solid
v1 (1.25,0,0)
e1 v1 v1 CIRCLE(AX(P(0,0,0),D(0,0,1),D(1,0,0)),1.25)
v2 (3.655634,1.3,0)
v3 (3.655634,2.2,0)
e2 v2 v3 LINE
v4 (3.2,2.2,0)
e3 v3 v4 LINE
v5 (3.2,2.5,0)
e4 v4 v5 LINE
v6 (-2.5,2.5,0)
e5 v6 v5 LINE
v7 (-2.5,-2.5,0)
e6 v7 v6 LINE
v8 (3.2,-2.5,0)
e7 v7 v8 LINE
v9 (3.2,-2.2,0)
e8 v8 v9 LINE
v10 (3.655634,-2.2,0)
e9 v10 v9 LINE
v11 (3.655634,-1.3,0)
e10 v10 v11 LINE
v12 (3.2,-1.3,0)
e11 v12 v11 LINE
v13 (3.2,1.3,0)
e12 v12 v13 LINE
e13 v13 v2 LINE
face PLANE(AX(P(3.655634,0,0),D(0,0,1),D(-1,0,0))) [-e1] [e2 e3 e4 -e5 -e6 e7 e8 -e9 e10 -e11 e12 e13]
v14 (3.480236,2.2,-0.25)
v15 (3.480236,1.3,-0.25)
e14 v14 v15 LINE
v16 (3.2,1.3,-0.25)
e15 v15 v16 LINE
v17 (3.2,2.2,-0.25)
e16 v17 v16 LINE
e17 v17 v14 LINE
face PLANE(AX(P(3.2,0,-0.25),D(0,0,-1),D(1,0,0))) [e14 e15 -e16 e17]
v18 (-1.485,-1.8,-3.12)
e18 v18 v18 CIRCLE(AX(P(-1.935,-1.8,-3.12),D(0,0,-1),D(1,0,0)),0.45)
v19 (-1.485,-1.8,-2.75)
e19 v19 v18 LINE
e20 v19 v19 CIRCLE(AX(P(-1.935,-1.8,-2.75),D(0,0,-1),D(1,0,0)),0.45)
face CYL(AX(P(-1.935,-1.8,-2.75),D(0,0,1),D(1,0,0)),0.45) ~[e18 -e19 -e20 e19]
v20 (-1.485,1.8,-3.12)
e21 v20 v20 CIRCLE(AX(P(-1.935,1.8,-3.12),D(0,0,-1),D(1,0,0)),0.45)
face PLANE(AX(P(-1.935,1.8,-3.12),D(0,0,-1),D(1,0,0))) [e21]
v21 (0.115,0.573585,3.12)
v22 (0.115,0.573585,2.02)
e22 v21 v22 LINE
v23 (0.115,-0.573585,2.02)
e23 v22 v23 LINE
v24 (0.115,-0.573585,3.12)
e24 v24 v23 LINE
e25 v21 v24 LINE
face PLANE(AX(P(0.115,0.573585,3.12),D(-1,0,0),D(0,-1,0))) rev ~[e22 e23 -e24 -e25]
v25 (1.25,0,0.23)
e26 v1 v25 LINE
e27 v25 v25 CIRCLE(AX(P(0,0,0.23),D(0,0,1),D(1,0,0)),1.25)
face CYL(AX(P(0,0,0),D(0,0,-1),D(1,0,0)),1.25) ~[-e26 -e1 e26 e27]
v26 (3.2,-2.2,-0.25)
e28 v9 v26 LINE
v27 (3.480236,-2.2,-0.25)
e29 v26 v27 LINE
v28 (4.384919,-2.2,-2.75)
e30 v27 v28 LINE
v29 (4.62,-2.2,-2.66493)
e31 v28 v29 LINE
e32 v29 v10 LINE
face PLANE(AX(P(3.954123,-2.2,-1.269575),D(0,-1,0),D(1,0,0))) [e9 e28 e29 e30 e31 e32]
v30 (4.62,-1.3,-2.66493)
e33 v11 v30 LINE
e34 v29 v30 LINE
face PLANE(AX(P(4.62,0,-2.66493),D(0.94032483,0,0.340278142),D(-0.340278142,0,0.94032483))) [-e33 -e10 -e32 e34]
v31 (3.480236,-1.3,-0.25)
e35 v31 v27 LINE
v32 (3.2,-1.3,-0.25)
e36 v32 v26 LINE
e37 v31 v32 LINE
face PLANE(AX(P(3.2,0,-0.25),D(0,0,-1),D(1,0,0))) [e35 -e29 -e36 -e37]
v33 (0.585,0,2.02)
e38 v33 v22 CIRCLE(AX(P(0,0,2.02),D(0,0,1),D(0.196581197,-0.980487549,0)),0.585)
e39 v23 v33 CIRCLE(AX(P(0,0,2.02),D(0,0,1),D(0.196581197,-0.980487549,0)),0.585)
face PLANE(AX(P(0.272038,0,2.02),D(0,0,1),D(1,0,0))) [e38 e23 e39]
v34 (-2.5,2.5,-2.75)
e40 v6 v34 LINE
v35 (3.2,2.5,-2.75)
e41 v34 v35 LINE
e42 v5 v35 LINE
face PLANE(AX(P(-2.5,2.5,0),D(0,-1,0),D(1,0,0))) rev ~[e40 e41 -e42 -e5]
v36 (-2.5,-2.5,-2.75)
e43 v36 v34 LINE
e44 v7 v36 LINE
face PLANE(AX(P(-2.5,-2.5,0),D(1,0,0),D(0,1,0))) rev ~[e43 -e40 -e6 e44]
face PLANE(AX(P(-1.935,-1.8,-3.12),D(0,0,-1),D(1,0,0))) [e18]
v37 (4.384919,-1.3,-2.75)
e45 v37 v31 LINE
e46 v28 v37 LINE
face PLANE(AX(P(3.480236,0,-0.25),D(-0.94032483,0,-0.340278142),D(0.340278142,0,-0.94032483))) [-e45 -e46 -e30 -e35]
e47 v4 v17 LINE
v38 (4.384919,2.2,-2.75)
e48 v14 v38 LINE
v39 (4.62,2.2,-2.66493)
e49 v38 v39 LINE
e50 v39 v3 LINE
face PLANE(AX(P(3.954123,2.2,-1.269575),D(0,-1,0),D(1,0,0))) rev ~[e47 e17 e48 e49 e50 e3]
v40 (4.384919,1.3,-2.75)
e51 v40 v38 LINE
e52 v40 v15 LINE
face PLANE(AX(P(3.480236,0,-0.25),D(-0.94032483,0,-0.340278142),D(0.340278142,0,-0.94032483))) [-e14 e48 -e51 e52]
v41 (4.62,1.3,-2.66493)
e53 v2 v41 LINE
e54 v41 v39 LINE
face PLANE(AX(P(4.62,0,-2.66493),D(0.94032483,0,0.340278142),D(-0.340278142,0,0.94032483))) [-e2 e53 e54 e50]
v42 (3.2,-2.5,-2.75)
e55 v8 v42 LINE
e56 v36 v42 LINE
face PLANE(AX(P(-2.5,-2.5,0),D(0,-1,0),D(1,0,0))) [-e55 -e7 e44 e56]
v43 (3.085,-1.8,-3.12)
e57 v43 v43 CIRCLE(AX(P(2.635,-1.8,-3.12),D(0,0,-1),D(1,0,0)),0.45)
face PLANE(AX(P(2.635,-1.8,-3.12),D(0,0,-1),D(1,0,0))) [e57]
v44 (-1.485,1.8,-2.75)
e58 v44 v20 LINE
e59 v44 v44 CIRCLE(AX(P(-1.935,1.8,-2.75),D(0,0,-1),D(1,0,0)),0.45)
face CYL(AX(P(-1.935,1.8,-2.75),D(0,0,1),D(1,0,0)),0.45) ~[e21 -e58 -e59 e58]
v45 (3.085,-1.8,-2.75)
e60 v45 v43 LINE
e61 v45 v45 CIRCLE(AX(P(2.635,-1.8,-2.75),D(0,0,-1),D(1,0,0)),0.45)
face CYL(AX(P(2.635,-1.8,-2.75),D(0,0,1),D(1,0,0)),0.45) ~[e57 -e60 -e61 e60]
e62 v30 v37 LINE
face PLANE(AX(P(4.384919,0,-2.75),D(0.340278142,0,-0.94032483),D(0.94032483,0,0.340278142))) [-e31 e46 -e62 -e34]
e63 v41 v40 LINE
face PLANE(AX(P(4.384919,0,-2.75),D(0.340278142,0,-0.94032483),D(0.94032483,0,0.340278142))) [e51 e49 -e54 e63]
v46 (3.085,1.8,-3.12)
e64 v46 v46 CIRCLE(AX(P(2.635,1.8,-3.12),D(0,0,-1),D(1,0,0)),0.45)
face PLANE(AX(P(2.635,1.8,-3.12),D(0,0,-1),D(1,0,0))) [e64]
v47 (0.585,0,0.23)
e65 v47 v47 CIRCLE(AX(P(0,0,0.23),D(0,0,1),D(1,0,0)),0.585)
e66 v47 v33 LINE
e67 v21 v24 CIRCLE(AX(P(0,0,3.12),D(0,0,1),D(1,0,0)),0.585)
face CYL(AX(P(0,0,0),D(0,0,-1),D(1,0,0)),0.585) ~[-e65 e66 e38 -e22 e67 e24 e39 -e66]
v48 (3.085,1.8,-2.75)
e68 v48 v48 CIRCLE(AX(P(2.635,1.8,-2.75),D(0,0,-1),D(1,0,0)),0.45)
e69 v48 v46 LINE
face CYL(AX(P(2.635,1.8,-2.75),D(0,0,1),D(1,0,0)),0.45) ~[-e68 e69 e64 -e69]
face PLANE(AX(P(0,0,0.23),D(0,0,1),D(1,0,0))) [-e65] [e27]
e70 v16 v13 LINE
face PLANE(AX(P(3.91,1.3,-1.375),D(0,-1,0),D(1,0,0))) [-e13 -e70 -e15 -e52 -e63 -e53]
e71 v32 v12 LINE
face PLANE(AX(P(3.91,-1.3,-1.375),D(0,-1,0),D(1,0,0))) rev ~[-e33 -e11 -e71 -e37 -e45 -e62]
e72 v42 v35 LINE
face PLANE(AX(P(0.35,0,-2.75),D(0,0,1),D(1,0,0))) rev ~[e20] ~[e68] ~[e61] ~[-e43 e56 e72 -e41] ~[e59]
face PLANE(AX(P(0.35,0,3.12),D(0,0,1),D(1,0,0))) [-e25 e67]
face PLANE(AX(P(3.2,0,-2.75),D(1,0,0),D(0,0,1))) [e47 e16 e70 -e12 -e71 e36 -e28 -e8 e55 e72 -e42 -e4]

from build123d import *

# Parameters (mm, degrees)
F0_W           = 5.7
F0_H           = 5
F1_DEPTH       = 2.75
F2_R           = 1.25
F2_R_2         = 0.585
F3_DEPTH       = 0.23
F4_DEPTH       = 3.12
F6_DEPTH       = 1.1
F7_R           = 0.45
F8_DEPTH       = 0.37
F10_DEPTH      = 2.2
F10_DEPTH_BACK = 2.2
F11_W          = 1.42
F11_H          = 2.75
F12_DEPTH      = 1.3
F12_DEPTH_BACK = 1.3


with BuildPart() as f1:
    # F0 (on Top) → F1 (new body)
    with BuildSketch(Plane.XY):
        with Locations((0.35, 0)):
            Rectangle(F0_W, F0_H)
    extrude(amount=-F1_DEPTH)

    # F2 (on face) → F3 (join)
    with BuildSketch(Plane.XY):
        Circle(F2_R)
        Circle(F2_R_2, mode=Mode.SUBTRACT)
    extrude(amount=F3_DEPTH)

    # F4 (add): a face of the model
    f4_faces = [f1.faces().sort_by_distance(p)[0] for p in [
        (0, 0, 0),
    ]]
    extrude(f4_faces, amount=F4_DEPTH)

    # F5 (on face) → F6 (cut)
    with BuildSketch(Plane.XY.offset(3.12)):
        with BuildLine():
            ThreePointArc((0.115, -0.573585216), (0.585, 0), (0.115, 0.573585216))
            Line((0.115, 0.573585216), (0.115, -0.573585216))
        make_face()
    extrude(amount=-F6_DEPTH, mode=Mode.SUBTRACT)

    # F7 (on face) → F8 (join)
    with BuildSketch(Plane(origin=(0, 0, -2.75), x_dir=(1, 0, 0), z_dir=(0, 0, -1))):
        with Locations((2.635, 1.8)):
            Circle(F7_R)
        with Locations((-1.935, 1.8)):
            Circle(F7_R)
        with Locations((-1.935, -1.8)):
            Circle(F7_R)
        with Locations((2.635, -1.8)):
            Circle(F7_R)
    extrude(amount=F8_DEPTH)

    # F9 (on Front) → F10 (join, two sides)
    with BuildSketch(Plane.XZ) as f10_sk:
        Polygon((3.6556336897, 0), (3.2, 0), (3.2, -0.25), (3.4802363597, -0.25), (4.3849187925, -2.75), (4.62, -2.6649304645), align=None)
    extrude(amount=F10_DEPTH)
    extrude(f10_sk.sketch, amount=-F10_DEPTH_BACK)

    # F11 (on Front) → F12 (cut, two sides)
    with BuildSketch(Plane.XZ) as f12_sk:
        with Locations((3.91, -1.375)):
            Rectangle(F11_W, F11_H)
    extrude(amount=-F12_DEPTH, mode=Mode.SUBTRACT)
    extrude(f12_sk.sketch, amount=F12_DEPTH_BACK, mode=Mode.SUBTRACT)


solid = f1.part
